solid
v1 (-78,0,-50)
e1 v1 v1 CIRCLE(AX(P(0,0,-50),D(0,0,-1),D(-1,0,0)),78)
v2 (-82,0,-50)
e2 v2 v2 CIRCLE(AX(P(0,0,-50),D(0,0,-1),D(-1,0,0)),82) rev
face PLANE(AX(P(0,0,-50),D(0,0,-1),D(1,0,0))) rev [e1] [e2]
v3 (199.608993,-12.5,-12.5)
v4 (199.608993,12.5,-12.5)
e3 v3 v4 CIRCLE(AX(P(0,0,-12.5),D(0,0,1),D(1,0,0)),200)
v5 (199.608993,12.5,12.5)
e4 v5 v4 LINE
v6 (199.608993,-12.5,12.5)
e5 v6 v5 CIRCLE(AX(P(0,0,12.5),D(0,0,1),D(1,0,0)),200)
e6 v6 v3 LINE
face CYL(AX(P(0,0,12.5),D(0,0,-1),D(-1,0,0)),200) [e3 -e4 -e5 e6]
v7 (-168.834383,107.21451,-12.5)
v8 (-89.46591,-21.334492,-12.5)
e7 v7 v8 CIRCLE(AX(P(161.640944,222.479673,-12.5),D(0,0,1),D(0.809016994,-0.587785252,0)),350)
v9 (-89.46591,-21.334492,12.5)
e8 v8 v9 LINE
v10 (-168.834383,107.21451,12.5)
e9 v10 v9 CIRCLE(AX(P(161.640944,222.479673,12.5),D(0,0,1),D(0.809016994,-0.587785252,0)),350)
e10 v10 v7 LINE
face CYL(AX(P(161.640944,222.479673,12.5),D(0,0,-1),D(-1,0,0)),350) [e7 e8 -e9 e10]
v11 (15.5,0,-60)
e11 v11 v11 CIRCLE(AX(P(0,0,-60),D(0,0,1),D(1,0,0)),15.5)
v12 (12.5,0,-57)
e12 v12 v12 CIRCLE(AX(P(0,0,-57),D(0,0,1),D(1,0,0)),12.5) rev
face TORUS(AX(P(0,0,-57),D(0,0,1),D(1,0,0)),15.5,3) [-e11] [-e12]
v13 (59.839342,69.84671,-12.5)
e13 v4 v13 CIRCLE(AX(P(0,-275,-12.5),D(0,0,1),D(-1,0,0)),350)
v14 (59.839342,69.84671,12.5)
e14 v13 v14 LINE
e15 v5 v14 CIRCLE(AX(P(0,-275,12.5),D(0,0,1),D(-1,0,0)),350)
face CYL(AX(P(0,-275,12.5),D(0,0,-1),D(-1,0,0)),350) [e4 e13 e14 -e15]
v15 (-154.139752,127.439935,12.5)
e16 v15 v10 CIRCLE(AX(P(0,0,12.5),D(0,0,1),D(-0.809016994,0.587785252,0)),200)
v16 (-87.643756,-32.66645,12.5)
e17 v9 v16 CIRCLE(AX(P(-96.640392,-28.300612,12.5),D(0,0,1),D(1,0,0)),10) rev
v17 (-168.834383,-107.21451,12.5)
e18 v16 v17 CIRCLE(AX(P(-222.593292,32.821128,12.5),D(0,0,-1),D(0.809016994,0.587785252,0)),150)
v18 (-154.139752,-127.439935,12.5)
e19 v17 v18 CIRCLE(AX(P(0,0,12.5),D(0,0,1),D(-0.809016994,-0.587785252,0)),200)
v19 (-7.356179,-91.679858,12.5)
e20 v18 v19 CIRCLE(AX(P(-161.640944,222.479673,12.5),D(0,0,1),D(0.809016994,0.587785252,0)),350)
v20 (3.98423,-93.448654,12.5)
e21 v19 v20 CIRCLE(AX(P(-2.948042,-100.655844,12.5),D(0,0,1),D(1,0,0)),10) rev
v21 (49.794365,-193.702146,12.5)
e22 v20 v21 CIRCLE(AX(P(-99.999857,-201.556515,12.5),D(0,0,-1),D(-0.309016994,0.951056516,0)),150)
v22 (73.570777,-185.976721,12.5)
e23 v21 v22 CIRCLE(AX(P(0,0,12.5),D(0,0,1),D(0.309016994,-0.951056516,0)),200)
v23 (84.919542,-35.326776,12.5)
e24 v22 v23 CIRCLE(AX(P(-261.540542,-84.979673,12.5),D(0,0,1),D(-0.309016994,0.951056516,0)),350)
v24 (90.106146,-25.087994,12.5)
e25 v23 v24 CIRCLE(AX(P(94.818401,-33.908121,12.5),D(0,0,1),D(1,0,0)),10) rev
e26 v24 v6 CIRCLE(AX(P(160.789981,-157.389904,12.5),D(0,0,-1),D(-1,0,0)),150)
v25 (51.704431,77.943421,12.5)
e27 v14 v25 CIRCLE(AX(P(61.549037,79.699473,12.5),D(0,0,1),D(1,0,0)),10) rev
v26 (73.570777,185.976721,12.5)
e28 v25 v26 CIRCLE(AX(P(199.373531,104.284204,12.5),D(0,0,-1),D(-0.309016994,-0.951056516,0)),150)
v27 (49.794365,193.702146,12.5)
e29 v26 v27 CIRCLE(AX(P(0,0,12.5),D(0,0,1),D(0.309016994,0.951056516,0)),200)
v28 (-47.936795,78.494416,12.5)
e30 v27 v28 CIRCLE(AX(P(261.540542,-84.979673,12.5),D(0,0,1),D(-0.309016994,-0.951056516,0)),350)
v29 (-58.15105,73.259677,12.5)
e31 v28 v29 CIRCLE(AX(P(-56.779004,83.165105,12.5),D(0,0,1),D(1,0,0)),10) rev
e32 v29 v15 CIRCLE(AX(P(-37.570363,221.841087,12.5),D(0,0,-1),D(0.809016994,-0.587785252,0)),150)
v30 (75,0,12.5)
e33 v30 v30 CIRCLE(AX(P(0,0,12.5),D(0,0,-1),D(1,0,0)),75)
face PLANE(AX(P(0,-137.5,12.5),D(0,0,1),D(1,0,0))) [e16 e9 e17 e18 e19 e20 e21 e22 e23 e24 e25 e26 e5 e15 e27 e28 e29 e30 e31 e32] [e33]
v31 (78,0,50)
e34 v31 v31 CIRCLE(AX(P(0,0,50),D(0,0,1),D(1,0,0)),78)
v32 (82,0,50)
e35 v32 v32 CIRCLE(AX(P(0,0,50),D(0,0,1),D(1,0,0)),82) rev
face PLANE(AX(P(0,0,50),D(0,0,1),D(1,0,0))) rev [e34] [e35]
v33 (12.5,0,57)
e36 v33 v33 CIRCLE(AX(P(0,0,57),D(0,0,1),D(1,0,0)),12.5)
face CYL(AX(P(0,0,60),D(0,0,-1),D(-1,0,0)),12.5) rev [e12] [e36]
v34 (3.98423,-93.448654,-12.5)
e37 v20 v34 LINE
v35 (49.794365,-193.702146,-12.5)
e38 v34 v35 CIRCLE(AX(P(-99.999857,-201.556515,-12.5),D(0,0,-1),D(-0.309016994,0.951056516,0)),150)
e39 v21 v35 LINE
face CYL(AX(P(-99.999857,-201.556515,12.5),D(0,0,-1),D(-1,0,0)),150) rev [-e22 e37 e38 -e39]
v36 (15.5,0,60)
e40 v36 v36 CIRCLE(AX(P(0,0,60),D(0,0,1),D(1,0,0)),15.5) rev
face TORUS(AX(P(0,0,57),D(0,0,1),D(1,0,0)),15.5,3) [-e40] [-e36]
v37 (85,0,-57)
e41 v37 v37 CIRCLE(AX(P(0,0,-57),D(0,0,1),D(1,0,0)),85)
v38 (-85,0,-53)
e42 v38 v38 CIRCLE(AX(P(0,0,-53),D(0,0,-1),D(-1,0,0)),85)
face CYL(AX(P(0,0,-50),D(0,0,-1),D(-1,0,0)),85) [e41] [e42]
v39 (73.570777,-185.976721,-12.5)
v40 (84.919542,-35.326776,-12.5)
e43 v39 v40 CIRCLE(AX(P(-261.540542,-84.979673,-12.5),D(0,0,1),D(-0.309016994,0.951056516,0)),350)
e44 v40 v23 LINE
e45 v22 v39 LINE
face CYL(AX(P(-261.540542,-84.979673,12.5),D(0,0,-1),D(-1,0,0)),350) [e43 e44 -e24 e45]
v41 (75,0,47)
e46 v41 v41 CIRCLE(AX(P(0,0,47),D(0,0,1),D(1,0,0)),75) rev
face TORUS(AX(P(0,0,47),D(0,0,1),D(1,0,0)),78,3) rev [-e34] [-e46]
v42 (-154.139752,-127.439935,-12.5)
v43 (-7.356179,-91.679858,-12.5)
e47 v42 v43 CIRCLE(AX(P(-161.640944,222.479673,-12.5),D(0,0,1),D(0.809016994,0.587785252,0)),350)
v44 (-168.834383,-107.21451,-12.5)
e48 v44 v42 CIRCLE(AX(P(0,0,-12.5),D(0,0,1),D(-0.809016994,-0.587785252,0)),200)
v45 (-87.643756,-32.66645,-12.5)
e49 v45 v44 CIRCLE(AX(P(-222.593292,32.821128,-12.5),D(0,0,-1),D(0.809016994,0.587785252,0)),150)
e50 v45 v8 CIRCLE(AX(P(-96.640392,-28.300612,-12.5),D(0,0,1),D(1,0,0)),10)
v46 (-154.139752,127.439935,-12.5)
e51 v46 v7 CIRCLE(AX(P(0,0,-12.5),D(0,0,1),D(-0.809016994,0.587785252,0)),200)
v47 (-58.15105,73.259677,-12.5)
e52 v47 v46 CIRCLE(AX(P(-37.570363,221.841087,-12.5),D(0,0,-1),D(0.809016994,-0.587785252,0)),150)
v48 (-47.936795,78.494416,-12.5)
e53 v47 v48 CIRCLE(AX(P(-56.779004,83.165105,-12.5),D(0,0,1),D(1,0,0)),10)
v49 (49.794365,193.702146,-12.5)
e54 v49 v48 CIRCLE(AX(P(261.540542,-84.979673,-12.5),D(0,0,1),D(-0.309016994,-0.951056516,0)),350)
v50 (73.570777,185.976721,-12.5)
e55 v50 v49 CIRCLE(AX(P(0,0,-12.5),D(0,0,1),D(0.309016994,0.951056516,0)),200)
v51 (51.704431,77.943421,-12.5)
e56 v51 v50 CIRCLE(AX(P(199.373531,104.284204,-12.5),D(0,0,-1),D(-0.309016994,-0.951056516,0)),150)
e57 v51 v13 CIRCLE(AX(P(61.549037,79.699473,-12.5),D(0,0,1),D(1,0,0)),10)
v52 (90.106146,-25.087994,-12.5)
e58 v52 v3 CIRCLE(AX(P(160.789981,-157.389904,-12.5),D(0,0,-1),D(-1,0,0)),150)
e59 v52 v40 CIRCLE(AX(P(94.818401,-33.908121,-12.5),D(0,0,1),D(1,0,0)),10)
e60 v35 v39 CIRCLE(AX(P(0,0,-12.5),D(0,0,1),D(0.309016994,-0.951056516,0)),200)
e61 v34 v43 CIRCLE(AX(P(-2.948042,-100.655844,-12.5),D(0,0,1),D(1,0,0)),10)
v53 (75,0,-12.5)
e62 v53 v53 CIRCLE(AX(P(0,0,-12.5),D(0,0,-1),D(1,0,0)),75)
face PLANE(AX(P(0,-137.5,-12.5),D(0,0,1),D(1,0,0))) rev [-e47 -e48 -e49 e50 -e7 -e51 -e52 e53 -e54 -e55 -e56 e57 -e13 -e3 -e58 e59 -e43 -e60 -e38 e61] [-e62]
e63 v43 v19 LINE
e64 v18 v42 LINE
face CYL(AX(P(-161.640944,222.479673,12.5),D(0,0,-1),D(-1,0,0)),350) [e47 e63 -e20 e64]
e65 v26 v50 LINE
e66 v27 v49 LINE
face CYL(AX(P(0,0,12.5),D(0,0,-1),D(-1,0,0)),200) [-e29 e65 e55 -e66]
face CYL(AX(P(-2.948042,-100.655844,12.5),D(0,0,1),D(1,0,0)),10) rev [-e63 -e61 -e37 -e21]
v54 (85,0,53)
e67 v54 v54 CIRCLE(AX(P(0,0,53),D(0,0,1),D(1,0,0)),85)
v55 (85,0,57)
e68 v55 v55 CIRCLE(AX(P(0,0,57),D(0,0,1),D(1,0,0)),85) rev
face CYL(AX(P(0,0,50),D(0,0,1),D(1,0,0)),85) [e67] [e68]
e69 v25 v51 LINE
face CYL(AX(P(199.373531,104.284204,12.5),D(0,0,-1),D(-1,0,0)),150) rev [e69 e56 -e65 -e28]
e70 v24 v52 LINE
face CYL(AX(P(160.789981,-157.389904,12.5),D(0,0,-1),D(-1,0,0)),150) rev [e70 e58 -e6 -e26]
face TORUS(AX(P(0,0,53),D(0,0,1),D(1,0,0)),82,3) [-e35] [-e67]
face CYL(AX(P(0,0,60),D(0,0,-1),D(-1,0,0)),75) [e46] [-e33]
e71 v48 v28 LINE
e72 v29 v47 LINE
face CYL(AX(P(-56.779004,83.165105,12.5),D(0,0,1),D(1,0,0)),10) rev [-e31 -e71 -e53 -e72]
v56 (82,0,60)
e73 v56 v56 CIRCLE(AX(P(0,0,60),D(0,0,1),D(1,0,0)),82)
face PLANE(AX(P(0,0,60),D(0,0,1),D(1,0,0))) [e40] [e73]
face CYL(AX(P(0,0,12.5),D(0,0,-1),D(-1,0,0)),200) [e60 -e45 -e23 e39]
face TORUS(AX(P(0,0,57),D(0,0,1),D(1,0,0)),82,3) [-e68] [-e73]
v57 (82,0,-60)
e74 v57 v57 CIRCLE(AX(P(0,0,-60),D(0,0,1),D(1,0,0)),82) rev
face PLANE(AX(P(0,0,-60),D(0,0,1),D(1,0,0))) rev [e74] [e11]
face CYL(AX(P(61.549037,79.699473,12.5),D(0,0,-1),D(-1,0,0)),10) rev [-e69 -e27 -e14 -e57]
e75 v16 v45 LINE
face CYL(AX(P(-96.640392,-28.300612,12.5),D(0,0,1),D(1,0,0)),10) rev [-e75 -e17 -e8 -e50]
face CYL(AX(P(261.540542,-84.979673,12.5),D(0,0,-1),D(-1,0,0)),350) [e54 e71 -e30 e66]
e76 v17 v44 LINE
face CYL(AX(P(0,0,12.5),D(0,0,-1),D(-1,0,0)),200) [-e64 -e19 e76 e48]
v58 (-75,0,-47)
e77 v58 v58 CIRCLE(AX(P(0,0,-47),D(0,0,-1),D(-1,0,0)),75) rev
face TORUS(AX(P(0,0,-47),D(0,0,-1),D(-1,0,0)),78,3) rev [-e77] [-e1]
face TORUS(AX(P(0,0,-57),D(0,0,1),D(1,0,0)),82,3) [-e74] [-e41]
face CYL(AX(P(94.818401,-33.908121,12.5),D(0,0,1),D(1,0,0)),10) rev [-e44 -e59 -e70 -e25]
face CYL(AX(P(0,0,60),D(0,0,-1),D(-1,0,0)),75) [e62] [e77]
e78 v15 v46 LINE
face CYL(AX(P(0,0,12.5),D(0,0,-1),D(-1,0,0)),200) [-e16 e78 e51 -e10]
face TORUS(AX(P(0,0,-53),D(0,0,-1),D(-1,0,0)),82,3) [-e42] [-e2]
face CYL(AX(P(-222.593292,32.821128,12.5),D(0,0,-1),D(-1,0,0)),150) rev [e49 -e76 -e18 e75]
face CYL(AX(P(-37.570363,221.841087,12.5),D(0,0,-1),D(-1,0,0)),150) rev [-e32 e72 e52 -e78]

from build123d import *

# Parameters (mm, degrees)
SKETCH1_R            = 75
SKETCH1_R_2          = 12.5
BOSS_EXTRUDE1_DEPTH  = 60
SKETCH2_R            = 85
SKETCH2_R_2          = 75
BOSS_EXTRUDE2_DEPTH  = 10
FILLET1_R            = 3
FILLET1_OF_MIRROR2_R = 3
BOSS_EXTRUDE3_DEPTH  = 12.5
CIRPATTERN1_COUNT    = 5
FILLET2_R            = 10


with BuildPart() as part:
    # Sketch1 → Boss-Extrude1 (new body, symmetric)
    with BuildSketch(Plane.XY):
        Circle(SKETCH1_R)
        Circle(SKETCH1_R_2, mode=Mode.SUBTRACT)
    extrude(amount=BOSS_EXTRUDE1_DEPTH, both=True)

    # Sketch2 → Boss-Extrude2 (add)
    with BuildSketch(Plane.XY.offset(60)):
        Circle(SKETCH2_R)
        Circle(SKETCH2_R_2, mode=Mode.SUBTRACT)
    boss_extrude2 = extrude(amount=-BOSS_EXTRUDE2_DEPTH)

    # Fillet1
    fillet1_edges = [part.edges().sort_by_distance(p)[0] for p in [
        (-85, 0, 50),
        (-85, 0, 60),
        (-12.5, 0, -60),
        (-12.5, 0, 60),
        (-75, 0, 50),
    ]]
    fillet(fillet1_edges, radius=FILLET1_R)

    # Mirror2: Boss-Extrude2 across plane
    add(boss_extrude2.mirror(Plane.XY))

    # Fillet1 of Mirror2
    fillet1_of_mirror2_edges = [part.edges().sort_by_distance(p)[0] for p in [
        (-85, 0, -50),
        (-85, 0, -60),
        (-12.5, 0, 60),
        (-12.5, 0, -60),
        (-75, 0, -50),
    ]]
    fillet(fillet1_of_mirror2_edges, radius=FILLET1_OF_MIRROR2_R)

    # Sketch3 → Boss-Extrude3 (add, symmetric)
    with BuildSketch(Plane.XY):
        with BuildLine():
            ThreePointArc((199.608992783, -12.5), (200, 0), (199.608992783, 12.5))
            ThreePointArc((199.608992783, 12.5), (104.582503317, 59.009730397), (0, 75))
            ThreePointArc((0, 75), (69.136631409, 29.071054289), (53.596660401, -52.463301401))
            ThreePointArc((53.596660401, -52.463301401), (121.191649103, -12.711045709), (199.608992783, -12.5))
        make_face()
    boss_extrude3 = extrude(amount=BOSS_EXTRUDE3_DEPTH, both=True)

    # CirPattern1: Boss-Extrude3 ×5 about axis
    cirpattern1_axis = Axis((0, 0, 0), (0, 0, 1))
    for i in range(1, CIRPATTERN1_COUNT):
        add(boss_extrude3.rotate(cirpattern1_axis, i * 360 / CIRPATTERN1_COUNT))

    # Fillet2
    fillet2_edges = [part.edges().sort_by_distance(p)[0] for p in [
        (83.889035282, -28.602309627, 0),
        (53.125550496, 70.944613897, 0),
        (-1.279275408, -88.621813404, 0),
        (-84.679670965, -26.168983201, 0),
        (-51.055639404, 72.448492335, 0),
    ]]
    fillet(fillet2_edges, radius=FILLET2_R)


solid = part.part
